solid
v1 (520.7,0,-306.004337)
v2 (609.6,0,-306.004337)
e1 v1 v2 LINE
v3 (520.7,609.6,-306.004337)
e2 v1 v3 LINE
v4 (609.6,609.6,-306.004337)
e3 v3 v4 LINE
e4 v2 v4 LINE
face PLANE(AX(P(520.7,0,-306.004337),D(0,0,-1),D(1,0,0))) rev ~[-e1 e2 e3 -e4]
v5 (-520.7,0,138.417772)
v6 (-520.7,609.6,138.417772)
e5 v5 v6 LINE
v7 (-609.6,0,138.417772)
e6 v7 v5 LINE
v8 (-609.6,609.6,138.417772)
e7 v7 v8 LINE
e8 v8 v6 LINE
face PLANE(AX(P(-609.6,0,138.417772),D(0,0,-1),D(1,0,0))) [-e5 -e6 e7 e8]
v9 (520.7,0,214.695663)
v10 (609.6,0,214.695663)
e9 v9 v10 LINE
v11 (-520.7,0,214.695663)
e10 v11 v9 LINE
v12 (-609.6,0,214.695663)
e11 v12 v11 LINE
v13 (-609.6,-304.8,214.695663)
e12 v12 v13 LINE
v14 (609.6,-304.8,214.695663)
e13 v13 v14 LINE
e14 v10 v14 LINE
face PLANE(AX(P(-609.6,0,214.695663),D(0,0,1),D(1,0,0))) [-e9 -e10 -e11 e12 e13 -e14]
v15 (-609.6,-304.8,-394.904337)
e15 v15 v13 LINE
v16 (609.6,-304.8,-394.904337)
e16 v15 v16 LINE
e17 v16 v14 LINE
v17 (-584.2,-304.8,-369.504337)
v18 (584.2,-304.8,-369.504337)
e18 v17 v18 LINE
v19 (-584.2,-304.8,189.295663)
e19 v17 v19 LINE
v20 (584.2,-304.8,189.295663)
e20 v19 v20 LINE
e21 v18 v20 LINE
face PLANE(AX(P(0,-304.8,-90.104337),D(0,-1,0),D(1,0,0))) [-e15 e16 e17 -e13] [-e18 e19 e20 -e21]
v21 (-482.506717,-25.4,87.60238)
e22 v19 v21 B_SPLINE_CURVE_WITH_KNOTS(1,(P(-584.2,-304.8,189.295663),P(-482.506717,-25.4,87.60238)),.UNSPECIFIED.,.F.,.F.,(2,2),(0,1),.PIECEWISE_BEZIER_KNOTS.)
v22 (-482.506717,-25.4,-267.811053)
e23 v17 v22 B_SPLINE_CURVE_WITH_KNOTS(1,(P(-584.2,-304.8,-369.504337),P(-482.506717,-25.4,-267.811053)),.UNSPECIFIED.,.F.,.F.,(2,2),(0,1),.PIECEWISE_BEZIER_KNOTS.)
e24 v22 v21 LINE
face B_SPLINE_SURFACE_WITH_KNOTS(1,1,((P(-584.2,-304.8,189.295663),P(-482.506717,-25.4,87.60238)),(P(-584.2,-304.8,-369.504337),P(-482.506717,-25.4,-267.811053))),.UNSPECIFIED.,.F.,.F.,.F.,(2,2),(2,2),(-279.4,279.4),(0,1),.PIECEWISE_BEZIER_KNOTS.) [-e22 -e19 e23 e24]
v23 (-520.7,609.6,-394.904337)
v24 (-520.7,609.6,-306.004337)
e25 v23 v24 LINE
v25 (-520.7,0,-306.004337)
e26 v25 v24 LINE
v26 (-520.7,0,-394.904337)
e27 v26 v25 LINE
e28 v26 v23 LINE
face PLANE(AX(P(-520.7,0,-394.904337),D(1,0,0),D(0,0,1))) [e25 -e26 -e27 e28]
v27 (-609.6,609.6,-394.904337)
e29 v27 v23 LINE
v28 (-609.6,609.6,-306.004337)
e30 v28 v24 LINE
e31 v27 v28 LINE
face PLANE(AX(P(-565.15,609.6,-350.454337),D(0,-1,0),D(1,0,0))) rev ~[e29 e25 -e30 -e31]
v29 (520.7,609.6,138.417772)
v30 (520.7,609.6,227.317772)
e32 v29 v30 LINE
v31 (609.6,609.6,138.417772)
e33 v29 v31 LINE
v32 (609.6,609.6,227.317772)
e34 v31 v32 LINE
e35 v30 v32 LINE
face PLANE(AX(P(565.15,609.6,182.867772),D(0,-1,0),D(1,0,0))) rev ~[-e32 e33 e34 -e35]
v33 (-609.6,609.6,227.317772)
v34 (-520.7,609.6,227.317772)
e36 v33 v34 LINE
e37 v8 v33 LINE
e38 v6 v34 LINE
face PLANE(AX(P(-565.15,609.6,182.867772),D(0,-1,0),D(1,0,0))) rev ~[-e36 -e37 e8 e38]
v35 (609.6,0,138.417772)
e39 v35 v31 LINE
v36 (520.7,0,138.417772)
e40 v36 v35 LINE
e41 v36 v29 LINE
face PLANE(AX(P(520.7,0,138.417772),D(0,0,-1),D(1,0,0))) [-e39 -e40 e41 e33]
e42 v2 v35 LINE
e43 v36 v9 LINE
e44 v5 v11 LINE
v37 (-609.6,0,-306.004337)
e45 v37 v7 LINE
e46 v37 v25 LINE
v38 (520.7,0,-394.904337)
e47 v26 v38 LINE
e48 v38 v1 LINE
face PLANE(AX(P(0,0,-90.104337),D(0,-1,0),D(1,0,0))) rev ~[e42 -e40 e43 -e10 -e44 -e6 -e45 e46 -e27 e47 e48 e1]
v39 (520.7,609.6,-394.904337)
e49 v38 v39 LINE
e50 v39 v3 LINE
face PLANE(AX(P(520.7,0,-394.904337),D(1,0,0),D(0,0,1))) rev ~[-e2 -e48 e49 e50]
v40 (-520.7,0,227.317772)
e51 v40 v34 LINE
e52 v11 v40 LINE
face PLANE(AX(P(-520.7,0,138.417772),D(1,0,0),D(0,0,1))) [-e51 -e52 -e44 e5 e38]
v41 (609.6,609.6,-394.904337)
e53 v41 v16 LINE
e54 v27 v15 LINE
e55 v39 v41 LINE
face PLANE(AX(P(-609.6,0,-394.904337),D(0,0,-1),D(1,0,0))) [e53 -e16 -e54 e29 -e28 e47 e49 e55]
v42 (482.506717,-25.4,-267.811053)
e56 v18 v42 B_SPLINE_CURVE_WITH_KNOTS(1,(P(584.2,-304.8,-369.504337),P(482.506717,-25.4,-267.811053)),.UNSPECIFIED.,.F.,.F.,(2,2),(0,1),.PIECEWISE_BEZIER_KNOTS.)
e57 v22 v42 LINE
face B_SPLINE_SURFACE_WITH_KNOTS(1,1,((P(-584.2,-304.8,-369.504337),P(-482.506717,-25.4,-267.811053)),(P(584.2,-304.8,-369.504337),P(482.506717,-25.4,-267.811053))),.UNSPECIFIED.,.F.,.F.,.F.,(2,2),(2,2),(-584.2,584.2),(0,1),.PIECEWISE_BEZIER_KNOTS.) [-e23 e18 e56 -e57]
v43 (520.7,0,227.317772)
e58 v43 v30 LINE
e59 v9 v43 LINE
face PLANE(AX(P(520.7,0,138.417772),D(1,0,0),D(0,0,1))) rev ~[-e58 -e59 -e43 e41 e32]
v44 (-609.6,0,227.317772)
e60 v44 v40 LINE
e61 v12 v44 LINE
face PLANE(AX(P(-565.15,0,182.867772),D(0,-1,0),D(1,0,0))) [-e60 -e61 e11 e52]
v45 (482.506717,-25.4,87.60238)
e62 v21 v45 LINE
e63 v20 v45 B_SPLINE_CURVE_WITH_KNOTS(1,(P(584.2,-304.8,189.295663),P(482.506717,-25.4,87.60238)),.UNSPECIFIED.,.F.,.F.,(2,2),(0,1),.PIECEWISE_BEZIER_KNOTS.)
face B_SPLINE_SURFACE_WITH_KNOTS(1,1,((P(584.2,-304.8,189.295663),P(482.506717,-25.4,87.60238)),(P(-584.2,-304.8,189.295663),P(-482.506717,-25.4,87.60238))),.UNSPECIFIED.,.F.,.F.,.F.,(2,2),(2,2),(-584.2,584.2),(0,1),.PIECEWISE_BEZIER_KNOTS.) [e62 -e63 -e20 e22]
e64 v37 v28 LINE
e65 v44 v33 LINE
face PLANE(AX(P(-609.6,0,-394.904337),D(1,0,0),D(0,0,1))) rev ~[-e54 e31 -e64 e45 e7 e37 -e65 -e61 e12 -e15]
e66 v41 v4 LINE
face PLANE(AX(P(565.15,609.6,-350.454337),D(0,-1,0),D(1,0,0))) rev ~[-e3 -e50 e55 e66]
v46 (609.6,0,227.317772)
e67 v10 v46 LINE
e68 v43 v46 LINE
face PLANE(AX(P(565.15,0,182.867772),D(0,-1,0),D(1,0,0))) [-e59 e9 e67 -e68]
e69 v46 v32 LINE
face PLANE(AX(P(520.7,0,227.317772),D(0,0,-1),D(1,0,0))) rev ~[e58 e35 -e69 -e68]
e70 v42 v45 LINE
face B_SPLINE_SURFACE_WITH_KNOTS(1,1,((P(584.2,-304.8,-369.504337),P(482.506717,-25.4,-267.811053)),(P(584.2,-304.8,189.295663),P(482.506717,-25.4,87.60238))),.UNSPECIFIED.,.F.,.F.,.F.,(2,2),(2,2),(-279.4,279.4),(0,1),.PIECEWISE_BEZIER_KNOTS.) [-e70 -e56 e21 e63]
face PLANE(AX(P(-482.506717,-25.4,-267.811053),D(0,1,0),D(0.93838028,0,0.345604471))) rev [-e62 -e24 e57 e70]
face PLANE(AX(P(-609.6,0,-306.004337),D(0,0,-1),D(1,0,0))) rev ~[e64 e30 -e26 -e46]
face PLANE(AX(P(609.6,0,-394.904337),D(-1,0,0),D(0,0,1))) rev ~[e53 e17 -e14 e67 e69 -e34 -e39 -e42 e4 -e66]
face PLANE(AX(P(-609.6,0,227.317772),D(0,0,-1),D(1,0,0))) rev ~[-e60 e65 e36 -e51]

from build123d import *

# Parameters (mm, degrees)
F0_W     = 1219.2
F0_H     = 609.6
F1_DEPTH = 304.8
F2_W     = 1168.4
F2_H     = 558.8
F3_DEPTH = 279.4
F3_TAPER = 20
F4_W     = 88.9
F4_H     = 88.9
F5_DEPTH = 609.6


with BuildPart() as f1:
    # F0 (on Front) → F1 (new body)
    with BuildSketch(Plane.XZ):
        with Locations((0, -90.1043365546)):
            Rectangle(F0_W, F0_H)
    extrude(amount=F1_DEPTH)

    # F2 (on face) → F3 (cut)
    with BuildSketch(Plane.XZ.offset(304.8)):
        with Locations((0, -90.1043365546)):
            Rectangle(F2_W, F2_H)
    extrude(amount=-F3_DEPTH, taper=F3_TAPER, mode=Mode.SUBTRACT)

    # F4 (on face) → F5 (join)
    with BuildSketch(Plane.XZ):
        with Locations((-565.15, -350.4543365546)):
            Rectangle(F4_W, F4_H)
        with Locations((565.15, -350.4543365546)):
            Rectangle(F4_W, F4_H)
        with Locations((565.15, 182.8677715369)):
            Rectangle(F4_W, F4_H)
        with Locations((-565.15, 182.8677715369)):
            Rectangle(F4_W, F4_H)
    extrude(amount=-F5_DEPTH)


solid = f1.part
